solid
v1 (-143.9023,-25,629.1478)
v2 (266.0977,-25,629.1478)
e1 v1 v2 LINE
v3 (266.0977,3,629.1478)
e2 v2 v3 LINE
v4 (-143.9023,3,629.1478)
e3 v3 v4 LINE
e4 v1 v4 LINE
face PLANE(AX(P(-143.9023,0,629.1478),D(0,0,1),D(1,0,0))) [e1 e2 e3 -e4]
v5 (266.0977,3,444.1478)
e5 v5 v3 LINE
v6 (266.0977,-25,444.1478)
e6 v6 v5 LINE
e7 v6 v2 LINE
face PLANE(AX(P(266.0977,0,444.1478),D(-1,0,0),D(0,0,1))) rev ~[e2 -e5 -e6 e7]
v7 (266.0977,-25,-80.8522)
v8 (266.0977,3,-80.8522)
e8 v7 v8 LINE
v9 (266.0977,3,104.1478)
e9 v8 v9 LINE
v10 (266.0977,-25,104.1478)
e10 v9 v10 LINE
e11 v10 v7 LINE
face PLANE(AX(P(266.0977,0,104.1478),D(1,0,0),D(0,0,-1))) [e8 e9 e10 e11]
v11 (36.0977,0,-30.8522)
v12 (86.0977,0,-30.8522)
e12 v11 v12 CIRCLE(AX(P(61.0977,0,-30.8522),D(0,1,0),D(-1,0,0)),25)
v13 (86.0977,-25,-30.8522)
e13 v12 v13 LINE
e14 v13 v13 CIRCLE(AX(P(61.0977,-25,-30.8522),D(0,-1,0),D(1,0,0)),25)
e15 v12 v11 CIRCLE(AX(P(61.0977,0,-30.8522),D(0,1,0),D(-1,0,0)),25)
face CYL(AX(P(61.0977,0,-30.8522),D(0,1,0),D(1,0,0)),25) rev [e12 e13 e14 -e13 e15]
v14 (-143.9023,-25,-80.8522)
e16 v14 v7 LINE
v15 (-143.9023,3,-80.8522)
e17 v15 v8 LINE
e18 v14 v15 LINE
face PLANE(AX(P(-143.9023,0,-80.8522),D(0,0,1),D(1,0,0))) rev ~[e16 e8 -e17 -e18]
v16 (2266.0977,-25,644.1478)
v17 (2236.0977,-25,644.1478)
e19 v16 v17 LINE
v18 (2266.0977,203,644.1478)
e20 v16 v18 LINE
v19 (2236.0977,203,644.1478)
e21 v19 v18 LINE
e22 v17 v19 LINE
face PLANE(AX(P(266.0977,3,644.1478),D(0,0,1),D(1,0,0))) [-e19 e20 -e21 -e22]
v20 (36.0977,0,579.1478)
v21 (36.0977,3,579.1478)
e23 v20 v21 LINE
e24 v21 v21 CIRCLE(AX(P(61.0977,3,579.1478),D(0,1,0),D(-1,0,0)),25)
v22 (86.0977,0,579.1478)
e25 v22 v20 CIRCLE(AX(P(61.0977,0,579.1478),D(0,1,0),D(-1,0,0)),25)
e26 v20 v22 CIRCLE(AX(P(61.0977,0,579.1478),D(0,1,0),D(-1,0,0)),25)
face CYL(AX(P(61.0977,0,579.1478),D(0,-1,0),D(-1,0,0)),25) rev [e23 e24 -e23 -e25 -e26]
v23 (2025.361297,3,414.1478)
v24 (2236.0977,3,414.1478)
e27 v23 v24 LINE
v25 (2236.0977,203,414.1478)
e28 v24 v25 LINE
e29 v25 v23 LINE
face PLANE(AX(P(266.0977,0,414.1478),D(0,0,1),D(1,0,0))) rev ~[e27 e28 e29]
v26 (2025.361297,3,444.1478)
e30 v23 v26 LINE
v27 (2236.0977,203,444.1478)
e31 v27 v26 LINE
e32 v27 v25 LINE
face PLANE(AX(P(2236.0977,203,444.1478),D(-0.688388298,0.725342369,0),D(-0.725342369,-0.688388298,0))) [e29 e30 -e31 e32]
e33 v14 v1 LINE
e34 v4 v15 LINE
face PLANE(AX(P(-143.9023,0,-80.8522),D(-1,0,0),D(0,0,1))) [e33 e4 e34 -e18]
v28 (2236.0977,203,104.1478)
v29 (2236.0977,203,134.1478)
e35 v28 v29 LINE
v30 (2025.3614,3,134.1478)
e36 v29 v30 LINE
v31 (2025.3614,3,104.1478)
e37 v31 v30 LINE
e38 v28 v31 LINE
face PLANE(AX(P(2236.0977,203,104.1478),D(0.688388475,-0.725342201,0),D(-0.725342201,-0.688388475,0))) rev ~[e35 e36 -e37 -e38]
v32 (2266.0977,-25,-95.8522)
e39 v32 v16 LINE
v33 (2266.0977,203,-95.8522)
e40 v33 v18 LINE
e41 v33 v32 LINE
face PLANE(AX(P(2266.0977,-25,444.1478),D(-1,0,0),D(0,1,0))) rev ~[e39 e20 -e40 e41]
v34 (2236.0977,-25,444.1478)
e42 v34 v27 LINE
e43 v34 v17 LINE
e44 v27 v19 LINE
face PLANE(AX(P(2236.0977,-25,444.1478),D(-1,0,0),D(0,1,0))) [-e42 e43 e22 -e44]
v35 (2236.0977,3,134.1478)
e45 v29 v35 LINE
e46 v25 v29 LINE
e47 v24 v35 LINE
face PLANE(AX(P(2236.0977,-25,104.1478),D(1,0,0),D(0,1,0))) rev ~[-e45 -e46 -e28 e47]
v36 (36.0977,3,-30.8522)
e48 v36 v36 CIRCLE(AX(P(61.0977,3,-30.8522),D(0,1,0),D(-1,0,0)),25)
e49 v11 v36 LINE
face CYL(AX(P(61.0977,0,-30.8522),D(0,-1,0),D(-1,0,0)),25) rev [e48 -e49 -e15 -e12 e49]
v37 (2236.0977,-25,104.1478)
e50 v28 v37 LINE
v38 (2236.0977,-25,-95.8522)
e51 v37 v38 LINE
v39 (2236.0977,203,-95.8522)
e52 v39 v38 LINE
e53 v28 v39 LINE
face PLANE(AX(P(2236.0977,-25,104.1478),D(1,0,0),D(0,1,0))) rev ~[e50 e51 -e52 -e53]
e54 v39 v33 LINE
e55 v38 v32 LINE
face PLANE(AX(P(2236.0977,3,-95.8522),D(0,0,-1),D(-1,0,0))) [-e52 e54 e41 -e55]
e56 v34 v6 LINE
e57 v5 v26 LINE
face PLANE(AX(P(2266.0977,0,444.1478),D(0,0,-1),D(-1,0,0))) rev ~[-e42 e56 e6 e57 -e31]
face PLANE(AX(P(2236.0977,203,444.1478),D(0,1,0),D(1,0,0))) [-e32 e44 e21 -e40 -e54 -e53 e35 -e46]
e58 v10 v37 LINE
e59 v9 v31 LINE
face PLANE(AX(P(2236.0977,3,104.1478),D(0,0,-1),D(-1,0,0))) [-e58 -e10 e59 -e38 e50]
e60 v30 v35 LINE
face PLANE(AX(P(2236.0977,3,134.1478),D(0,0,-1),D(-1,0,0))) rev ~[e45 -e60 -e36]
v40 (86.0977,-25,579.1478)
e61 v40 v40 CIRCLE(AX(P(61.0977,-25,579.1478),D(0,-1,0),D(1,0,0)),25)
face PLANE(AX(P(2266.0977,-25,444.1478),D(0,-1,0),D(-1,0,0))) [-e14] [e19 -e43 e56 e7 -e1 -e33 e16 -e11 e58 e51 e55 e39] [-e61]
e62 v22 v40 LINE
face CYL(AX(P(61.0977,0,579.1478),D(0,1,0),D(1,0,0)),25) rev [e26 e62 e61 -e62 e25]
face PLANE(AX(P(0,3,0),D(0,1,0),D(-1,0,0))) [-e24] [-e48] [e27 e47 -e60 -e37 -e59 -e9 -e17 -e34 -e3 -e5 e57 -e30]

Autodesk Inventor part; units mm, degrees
ref_plane "YZ Plane" through (0, 0, 0) normal (1, 0, 0) x (0, 1, 0)
ref_plane "XZ Plane" through (0, 0, 0) normal (0, 1, 0) x (-1, 0, 0)
ref_plane "XY Plane" through (0, 0, 0) normal (0, 0, 1) x (1, 0, 0)
sketch "Sketch1" plane through (0, 0, 0) normal (0, 1, 0) x (-1, 0, 0)
  line L0 (-266.0977, 629.1478) -> (143.9023, 629.1478)
  line L1 (143.9023, 629.1478) -> (143.9023, -80.8522)
  line L2 (143.9023, -80.8522) -> (-266.0977, -80.8522)
  line L3 (-266.0977, -80.8522) -> (-266.0977, 629.1478)
  circle A0 centre (-61.0977, 579.1478) radius 25
  circle A1 centre (-61.0977, -30.8522) radius 25
  point P0 (0, 0)
  dimension "d0" = 710
  dimension "d1" = 410
  dimension "d4" = 50
  dimension "d5" = 50
extrude "Extrusion1" add sketch "Sketch1" along normal blind 3
sketch "Sketch2" plane through (266.0977, 0, 629.1478) normal (1, 0, 0) x (0, 0, -1)
  line L0 (710, 3) -> (0, 3) projected
  line L1 (710, 3) -> (0, 3)
  line L2 (0, 3) -> (0, 0)
  line L3 (0, 0) -> (710, 0)
  line L4 (710, 0) -> (710, 3)
  line L5 (355, 0) -> (525, 0)
  line L6 (710, 0) -> (0, 0) projected
  line L7 (355, 3) -> (185, 3)
  line L8 (185, 3) -> (525, 3)
  line L9 (525, 3) -> (525, 0)
  line L10 (525, 0) -> (185, 0)
  line L11 (185, 0) -> (185, 3)
  point P0 (629.1478, 0)
  dimension "d8" = 170
  dimension "d9" = 170
extrude "Extrusion2" add sketch "Sketch2" along normal blind 2000 contours L9 L3 L11 L0
sketch "Sketch3" plane through (0, 3, 0) normal (0, 1, 0) x (1, 0, 0)
  line L0 (2266.0977, -104.1478) -> (2266.0977, -444.1478) projected
  line L1 (266.0977, -104.1478) -> (2266.0977, -104.1478) projected
  line L2 (2266.0977, -444.1478) -> (2236.0977, -444.1478)
  line L3 (2236.0977, -444.1478) -> (2236.0977, -104.1478)
  line L4 (2236.0977, -104.1478) -> (2266.0977, -104.1478)
  line L5 (2266.0977, -104.1478) -> (2266.0977, -444.1478)
  point P0 (0, 0)
  dimension "d12" = 340
  dimension "d13" = 30
extrude "Extrusion3" add sketch "Sketch3" along normal blind 200
sketch "Sketch4" plane through (266.0977, 0, 444.1478) normal (0, 0, 1) x (1, 0, 0)
  line L0 (1970, 3) -> (1970, 203) projected
  line L1 (1970, 203) -> (1970, 2.607)
  line L2 (0, 0) -> (2000, 0) projected
  line L3 (1970, 203) -> (1758.8495, 2.607)
  line L4 (1758.8495, 2.607) -> (1970, 2.607)
  line L5 (1970, 203) -> (1970, 2.607)
  point P0 (-266.0977, 0)
extrude "Extrusion4" add sketch "Sketch4" against normal blind 30
sketch "Sketch5" plane through (0, 3, 0) normal (0, 1, 0) x (1, 0, 0)
  line L0 (266.0977, 80.8522) -> (-143.9023, 80.8522) projected
  line L1 (-143.9023, 80.8522) -> (2266.0977, 80.8522)
  line L2 (-143.9023, 80.8522) -> (-143.9023, -629.1478) projected
  line L3 (-143.9023, 80.8522) -> (-143.9023, -629.1478)
  point P0 (0, 0)
  dimension "d18" = 2410
  dimension "d19" = 710
sketch "Sketch6" plane through (0, 0, 0) normal (0, -1, 0) x (1, 0, 0)
  line L0 (266.0977, 104.1478) -> (2266.0977, 104.1478) projected
  line L1 (2266.0977, 444.1478) -> (2266.0977, 104.1478) projected
  line L2 (2266.0977, 104.1478) -> (2266.0977, 444.1478)
  line L3 (2266.0977, 444.1478) -> (266.0977, 444.1478)
  line L4 (-143.9023, 629.1478) -> (266.0977, 629.1478) projected
  line L5 (266.0977, 444.1478) -> (266.0977, 629.1478)
  line L6 (266.0977, 629.1478) -> (-143.9023, 629.1478)
  line L7 (-143.9023, -80.8522) -> (-143.9023, 629.1478) projected
  line L8 (-143.9023, 629.1478) -> (-143.9023, -80.8522)
  line L9 (-143.9023, -80.8522) -> (266.0977, -80.8522)
  line L10 (266.0977, 104.1478) -> (266.0977, -80.8522) projected
  line L11 (266.0977, -80.8522) -> (266.0977, 104.1478)
  line L12 (266.0977, 104.1478) -> (2266.0977, 104.1478)
  circle A0 centre (61.0977, -30.8522) radius 25 projected
  circle A1 centre (61.0977, -30.8522) radius 25
  circle A2 centre (61.0977, 579.1478) radius 25 projected
  circle A3 centre (61.0977, 579.1478) radius 25
  point P0 (0, 0)
extrude "Extrusion5" add sketch "Sketch6" along normal blind 25
sketch "Sketch7" plane through (2236.0977, 3, 104.1478) normal (0, 0, -1) x (-1, 0, 0)
  line L0 (0, 0) -> (0, 200) projected
  line L1 (1970, -28) -> (-30, -28) projected
  line L2 (0, 200) -> (-30, 200)
  line L3 (-30, 200) -> (-30, -28)
  line L4 (-30, -28) -> (0, -28)
  line L5 (0, -28) -> (0, 200)
  point P0 (2236.0977, -3)
  point P1 (0, -28)
extrude "Extrusion6" add sketch "Sketch7" along normal blind 200
sketch "Sketch8" plane through (266.0977, 3, 444.1478) normal (0, 0, 1) x (1, 0, 0)
  line L0 (2000, -28) -> (2000, 200) projected
  line L1 (1970, 200) -> (2000, 200) projected
  line L2 (2000, -28) -> (1970, -28)
  line L3 (1970, -28) -> (1970, 200)
  line L4 (1970, 200) -> (2000, 200)
  line L5 (2000, 200) -> (2000, -28)
  point P0 (-266.0977, -3)
extrude "Extrusion7" add sketch "Sketch8" along normal blind 200
sketch "Sketch9" plane through (2236.0977, 3, 104.1478) normal (0, 0, -1) x (-1, 0, 0)
  line L0 (0, 200) -> (0, -28) projected
  line L1 (0, 0) -> (0, 200)
  line L2 (1970, 0) -> (210.7363, 0) projected
  line L3 (0, 200) -> (210.7363, 0)
  line L4 (210.7363, 0) -> (0, 0)
  point P0 (2236.0977, -3)
extrude "Extrusion8" add sketch "Sketch9" against normal blind 30
properties part number "soporte"
